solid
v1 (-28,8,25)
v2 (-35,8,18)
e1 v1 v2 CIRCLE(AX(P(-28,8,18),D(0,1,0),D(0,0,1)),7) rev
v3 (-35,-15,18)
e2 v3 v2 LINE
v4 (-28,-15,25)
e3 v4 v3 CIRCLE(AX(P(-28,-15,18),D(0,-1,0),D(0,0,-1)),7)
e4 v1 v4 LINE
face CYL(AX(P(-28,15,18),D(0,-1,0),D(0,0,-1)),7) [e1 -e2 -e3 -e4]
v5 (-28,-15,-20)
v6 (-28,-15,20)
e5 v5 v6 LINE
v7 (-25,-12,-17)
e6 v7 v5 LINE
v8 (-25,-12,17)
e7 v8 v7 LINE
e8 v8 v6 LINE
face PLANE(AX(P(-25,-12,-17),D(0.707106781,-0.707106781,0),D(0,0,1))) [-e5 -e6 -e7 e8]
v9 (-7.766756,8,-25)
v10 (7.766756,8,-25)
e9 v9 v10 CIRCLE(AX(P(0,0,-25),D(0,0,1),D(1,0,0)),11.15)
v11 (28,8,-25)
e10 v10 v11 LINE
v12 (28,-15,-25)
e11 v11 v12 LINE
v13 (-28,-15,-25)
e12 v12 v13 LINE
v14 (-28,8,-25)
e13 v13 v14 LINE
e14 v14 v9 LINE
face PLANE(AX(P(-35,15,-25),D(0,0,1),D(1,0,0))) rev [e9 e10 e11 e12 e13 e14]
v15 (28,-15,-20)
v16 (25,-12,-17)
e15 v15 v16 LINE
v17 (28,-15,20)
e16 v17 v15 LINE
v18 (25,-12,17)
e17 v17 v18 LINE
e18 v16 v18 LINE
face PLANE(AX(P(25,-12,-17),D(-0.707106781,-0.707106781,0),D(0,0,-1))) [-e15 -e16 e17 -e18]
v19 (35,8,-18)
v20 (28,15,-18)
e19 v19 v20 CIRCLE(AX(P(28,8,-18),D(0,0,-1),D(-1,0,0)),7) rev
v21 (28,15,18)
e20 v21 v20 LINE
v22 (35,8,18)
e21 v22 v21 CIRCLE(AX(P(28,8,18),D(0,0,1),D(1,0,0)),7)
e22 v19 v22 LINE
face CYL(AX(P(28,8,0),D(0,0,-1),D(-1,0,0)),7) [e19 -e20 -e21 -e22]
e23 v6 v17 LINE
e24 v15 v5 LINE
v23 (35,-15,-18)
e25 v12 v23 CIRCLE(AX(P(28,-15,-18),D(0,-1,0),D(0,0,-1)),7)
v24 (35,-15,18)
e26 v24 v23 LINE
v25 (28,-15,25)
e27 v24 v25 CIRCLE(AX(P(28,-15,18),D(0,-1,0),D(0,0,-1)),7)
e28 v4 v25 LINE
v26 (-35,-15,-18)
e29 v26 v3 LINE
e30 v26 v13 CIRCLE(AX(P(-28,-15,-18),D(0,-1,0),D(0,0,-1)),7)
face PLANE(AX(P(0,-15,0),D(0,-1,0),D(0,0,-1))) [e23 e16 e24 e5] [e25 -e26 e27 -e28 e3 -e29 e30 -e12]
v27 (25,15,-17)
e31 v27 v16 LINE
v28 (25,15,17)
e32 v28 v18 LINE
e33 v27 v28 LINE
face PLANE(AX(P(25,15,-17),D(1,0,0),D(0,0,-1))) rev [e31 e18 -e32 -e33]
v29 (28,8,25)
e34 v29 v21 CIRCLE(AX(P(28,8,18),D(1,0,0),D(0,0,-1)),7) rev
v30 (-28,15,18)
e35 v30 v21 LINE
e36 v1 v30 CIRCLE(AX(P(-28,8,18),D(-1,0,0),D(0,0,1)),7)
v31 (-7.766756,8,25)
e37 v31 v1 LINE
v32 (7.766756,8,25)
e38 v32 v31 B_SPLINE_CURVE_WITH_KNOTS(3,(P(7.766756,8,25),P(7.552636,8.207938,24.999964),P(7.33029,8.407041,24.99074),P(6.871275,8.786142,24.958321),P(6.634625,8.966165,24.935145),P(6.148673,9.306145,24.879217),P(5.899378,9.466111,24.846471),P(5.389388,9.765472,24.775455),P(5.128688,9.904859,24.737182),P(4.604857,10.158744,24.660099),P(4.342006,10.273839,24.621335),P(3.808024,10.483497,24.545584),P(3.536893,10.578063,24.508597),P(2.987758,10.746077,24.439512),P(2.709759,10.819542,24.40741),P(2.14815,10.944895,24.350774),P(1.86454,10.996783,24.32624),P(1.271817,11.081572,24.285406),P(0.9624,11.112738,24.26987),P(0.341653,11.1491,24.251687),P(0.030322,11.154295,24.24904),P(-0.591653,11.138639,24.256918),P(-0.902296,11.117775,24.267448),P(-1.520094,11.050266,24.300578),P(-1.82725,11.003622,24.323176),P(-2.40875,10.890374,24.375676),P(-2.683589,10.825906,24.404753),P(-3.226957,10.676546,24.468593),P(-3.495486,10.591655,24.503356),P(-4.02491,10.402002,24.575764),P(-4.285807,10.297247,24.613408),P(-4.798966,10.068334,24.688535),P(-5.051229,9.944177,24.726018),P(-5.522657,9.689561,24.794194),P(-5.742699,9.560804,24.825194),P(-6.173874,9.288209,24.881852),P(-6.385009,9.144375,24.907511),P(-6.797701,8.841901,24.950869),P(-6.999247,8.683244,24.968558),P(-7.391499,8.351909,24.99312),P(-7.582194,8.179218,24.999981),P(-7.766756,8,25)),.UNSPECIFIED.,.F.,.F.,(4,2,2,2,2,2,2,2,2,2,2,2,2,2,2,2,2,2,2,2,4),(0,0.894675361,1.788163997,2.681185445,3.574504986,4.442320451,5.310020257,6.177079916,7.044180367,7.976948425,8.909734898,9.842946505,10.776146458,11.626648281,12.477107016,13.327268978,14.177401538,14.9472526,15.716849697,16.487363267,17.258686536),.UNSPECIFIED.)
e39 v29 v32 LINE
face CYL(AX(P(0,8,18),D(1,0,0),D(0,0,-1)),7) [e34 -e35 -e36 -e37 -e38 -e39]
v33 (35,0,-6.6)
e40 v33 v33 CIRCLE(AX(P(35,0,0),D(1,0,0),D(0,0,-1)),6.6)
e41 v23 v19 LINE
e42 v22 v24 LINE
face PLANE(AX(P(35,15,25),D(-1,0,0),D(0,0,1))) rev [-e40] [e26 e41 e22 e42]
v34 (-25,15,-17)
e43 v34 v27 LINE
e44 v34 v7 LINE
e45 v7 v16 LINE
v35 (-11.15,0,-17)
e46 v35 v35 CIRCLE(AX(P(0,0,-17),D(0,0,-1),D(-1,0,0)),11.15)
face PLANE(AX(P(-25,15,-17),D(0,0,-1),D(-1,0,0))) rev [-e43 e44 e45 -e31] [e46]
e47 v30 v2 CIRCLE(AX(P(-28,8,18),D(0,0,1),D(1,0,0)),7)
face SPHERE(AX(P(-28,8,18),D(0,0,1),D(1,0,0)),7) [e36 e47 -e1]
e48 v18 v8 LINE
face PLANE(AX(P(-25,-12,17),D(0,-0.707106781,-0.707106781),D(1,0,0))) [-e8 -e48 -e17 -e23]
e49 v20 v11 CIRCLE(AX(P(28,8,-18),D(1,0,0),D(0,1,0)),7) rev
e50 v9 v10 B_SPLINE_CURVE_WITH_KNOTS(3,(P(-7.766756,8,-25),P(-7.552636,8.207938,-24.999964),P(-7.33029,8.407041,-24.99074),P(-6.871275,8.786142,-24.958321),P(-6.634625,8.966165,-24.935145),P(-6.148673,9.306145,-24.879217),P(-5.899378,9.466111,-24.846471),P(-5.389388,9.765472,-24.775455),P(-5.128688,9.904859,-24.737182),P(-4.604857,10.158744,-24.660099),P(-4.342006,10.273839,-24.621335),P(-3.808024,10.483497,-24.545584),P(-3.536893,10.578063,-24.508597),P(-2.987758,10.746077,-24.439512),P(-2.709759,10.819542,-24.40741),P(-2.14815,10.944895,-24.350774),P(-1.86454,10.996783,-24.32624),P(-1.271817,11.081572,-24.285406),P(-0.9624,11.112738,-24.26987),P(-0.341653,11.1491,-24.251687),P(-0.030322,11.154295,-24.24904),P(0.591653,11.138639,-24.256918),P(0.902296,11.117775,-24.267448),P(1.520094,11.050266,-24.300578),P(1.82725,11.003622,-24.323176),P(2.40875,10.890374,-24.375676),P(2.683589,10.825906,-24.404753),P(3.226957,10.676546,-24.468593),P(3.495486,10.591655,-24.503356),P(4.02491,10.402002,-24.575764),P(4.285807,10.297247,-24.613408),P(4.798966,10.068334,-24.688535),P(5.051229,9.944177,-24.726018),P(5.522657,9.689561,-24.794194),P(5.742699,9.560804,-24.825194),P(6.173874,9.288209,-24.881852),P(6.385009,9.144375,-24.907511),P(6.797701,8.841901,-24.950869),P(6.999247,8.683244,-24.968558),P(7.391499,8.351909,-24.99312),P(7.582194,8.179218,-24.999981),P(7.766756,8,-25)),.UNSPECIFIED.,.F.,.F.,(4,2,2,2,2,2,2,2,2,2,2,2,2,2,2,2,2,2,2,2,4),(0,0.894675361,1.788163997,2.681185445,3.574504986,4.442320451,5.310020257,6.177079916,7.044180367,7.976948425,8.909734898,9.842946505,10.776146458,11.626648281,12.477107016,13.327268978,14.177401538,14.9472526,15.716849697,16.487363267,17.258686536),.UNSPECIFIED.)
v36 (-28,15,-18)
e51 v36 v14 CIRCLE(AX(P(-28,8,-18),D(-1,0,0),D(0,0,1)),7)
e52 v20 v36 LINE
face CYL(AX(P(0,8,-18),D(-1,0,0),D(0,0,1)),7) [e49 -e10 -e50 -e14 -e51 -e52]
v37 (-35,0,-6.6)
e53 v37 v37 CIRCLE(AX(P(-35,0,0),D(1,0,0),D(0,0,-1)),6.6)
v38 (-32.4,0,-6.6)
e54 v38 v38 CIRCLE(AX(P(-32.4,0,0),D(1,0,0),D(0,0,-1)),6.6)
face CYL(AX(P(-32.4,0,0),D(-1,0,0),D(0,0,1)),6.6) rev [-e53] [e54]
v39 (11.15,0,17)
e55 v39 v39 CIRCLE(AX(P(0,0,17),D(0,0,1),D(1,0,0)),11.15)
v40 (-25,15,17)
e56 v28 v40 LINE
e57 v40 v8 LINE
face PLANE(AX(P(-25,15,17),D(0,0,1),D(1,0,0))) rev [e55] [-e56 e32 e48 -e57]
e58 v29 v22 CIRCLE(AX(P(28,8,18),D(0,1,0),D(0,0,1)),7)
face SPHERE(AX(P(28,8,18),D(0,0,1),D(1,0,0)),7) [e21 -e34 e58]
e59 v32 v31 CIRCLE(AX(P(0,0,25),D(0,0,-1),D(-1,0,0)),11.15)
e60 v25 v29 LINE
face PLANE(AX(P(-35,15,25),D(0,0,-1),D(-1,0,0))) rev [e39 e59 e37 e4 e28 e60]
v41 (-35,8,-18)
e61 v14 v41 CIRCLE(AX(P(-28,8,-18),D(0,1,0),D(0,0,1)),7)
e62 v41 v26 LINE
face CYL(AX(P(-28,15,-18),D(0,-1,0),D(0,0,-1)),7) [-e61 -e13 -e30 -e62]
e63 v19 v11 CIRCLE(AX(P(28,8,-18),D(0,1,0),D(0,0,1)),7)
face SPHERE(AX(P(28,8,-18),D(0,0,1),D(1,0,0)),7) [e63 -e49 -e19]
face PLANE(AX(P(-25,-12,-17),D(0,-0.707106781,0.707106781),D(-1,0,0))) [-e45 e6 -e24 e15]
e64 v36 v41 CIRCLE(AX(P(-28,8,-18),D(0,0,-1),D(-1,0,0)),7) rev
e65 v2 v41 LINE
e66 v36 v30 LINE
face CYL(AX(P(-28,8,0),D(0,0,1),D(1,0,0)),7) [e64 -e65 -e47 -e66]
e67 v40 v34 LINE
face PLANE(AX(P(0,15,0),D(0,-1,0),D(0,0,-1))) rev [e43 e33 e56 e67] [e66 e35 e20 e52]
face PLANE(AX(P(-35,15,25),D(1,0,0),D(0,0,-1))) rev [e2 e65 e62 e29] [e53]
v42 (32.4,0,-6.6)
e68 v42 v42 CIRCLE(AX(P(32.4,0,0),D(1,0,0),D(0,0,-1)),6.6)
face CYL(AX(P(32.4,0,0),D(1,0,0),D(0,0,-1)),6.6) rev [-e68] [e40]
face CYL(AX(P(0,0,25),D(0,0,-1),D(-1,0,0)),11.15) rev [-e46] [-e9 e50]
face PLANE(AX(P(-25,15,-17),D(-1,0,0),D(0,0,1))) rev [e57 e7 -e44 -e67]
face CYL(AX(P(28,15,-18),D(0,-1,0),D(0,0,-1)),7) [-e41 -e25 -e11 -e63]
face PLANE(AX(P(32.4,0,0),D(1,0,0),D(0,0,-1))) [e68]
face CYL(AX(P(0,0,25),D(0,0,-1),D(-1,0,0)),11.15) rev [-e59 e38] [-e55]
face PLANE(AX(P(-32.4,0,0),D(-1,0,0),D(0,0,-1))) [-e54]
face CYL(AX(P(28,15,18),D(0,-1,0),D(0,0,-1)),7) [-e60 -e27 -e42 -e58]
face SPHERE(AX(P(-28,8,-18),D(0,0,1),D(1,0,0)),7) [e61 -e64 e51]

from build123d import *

# Parameters (mm, degrees)
SKETCH1_W               = 70
SKETCH1_H               = 50
BOSS_EXTRUDE1_DEPTH     = 15
SKETCH2_W               = 50
SKETCH2_H               = 34
CUT_EXTRUDE1_DEPTH      = 1
CUT_EXTRUDE1_DEPTH_BACK = 31
FILLET1_R               = 7
CHAMFER1_SIZE           = 3
SKETCH3_R               = 11.15
CUT_EXTRUDE2_DEPTH      = 1
CUT_EXTRUDE2_DEPTH_BACK = 51
SKETCH4_R               = 6.6
CUT_EXTRUDE3_DEPTH      = 2.6


with BuildPart() as part:
    # Sketch1 → Boss-Extrude1 (new body, symmetric)
    with BuildSketch(Plane(origin=(0, 0, 0), x_dir=(1, 0, 0), z_dir=(0, 1, 0))):
        Rectangle(SKETCH1_W, SKETCH1_H)
    extrude(amount=BOSS_EXTRUDE1_DEPTH, both=True)

    # Sketch2 → Cut-Extrude1 (cut, two sides)
    with BuildSketch(Plane.XZ.offset(15)) as cut_extrude1_sk:
        Rectangle(SKETCH2_W, SKETCH2_H)
    extrude(amount=CUT_EXTRUDE1_DEPTH, mode=Mode.SUBTRACT)
    extrude(cut_extrude1_sk.sketch, amount=-CUT_EXTRUDE1_DEPTH_BACK, mode=Mode.SUBTRACT)

    # Fillet1
    fillet1_edges = [part.edges().sort_by_distance(p)[0] for p in [
        (-35, 15, 0),
        (0, 15, 25),
        (35, 15, 0),
        (0, 15, -25),
        (35, 0, 25),
        (-35, 0, 25),
        (-35, 0, -25),
        (35, 0, -25),
    ]]
    fillet(fillet1_edges, radius=FILLET1_R)

    # Chamfer1
    chamfer1_edges = [part.edges().sort_by_distance(p)[0] for p in [
        (0, -15, 17),
        (-25, -15, 0),
        (0, -15, -17),
        (25, -15, 0),
    ]]
    chamfer(chamfer1_edges, length=CHAMFER1_SIZE)

    # Sketch3 → Cut-Extrude2 (cut, two sides)
    with BuildSketch(Plane(origin=(0, 0, -25), x_dir=(-1, 0, 0), z_dir=(0, 0, -1))) as cut_extrude2_sk:
        Circle(SKETCH3_R)
    extrude(amount=CUT_EXTRUDE2_DEPTH, mode=Mode.SUBTRACT)
    extrude(cut_extrude2_sk.sketch, amount=-CUT_EXTRUDE2_DEPTH_BACK, mode=Mode.SUBTRACT)

    # Sketch4 → Cut-Extrude3 (cut)
    with BuildSketch(Plane(origin=(35, 0, 0), x_dir=(0, 0, -1), z_dir=(1, 0, 0))):
        Circle(SKETCH4_R)
    cut_extrude3 = extrude(amount=-CUT_EXTRUDE3_DEPTH, mode=Mode.SUBTRACT)

    # Mirror1: Cut-Extrude3 across plane
    add(cut_extrude3.mirror(Plane(origin=(0, 0, 0), x_dir=(0, 0, 1), z_dir=(1, 0, 0))), mode=Mode.SUBTRACT)


solid = part.part
